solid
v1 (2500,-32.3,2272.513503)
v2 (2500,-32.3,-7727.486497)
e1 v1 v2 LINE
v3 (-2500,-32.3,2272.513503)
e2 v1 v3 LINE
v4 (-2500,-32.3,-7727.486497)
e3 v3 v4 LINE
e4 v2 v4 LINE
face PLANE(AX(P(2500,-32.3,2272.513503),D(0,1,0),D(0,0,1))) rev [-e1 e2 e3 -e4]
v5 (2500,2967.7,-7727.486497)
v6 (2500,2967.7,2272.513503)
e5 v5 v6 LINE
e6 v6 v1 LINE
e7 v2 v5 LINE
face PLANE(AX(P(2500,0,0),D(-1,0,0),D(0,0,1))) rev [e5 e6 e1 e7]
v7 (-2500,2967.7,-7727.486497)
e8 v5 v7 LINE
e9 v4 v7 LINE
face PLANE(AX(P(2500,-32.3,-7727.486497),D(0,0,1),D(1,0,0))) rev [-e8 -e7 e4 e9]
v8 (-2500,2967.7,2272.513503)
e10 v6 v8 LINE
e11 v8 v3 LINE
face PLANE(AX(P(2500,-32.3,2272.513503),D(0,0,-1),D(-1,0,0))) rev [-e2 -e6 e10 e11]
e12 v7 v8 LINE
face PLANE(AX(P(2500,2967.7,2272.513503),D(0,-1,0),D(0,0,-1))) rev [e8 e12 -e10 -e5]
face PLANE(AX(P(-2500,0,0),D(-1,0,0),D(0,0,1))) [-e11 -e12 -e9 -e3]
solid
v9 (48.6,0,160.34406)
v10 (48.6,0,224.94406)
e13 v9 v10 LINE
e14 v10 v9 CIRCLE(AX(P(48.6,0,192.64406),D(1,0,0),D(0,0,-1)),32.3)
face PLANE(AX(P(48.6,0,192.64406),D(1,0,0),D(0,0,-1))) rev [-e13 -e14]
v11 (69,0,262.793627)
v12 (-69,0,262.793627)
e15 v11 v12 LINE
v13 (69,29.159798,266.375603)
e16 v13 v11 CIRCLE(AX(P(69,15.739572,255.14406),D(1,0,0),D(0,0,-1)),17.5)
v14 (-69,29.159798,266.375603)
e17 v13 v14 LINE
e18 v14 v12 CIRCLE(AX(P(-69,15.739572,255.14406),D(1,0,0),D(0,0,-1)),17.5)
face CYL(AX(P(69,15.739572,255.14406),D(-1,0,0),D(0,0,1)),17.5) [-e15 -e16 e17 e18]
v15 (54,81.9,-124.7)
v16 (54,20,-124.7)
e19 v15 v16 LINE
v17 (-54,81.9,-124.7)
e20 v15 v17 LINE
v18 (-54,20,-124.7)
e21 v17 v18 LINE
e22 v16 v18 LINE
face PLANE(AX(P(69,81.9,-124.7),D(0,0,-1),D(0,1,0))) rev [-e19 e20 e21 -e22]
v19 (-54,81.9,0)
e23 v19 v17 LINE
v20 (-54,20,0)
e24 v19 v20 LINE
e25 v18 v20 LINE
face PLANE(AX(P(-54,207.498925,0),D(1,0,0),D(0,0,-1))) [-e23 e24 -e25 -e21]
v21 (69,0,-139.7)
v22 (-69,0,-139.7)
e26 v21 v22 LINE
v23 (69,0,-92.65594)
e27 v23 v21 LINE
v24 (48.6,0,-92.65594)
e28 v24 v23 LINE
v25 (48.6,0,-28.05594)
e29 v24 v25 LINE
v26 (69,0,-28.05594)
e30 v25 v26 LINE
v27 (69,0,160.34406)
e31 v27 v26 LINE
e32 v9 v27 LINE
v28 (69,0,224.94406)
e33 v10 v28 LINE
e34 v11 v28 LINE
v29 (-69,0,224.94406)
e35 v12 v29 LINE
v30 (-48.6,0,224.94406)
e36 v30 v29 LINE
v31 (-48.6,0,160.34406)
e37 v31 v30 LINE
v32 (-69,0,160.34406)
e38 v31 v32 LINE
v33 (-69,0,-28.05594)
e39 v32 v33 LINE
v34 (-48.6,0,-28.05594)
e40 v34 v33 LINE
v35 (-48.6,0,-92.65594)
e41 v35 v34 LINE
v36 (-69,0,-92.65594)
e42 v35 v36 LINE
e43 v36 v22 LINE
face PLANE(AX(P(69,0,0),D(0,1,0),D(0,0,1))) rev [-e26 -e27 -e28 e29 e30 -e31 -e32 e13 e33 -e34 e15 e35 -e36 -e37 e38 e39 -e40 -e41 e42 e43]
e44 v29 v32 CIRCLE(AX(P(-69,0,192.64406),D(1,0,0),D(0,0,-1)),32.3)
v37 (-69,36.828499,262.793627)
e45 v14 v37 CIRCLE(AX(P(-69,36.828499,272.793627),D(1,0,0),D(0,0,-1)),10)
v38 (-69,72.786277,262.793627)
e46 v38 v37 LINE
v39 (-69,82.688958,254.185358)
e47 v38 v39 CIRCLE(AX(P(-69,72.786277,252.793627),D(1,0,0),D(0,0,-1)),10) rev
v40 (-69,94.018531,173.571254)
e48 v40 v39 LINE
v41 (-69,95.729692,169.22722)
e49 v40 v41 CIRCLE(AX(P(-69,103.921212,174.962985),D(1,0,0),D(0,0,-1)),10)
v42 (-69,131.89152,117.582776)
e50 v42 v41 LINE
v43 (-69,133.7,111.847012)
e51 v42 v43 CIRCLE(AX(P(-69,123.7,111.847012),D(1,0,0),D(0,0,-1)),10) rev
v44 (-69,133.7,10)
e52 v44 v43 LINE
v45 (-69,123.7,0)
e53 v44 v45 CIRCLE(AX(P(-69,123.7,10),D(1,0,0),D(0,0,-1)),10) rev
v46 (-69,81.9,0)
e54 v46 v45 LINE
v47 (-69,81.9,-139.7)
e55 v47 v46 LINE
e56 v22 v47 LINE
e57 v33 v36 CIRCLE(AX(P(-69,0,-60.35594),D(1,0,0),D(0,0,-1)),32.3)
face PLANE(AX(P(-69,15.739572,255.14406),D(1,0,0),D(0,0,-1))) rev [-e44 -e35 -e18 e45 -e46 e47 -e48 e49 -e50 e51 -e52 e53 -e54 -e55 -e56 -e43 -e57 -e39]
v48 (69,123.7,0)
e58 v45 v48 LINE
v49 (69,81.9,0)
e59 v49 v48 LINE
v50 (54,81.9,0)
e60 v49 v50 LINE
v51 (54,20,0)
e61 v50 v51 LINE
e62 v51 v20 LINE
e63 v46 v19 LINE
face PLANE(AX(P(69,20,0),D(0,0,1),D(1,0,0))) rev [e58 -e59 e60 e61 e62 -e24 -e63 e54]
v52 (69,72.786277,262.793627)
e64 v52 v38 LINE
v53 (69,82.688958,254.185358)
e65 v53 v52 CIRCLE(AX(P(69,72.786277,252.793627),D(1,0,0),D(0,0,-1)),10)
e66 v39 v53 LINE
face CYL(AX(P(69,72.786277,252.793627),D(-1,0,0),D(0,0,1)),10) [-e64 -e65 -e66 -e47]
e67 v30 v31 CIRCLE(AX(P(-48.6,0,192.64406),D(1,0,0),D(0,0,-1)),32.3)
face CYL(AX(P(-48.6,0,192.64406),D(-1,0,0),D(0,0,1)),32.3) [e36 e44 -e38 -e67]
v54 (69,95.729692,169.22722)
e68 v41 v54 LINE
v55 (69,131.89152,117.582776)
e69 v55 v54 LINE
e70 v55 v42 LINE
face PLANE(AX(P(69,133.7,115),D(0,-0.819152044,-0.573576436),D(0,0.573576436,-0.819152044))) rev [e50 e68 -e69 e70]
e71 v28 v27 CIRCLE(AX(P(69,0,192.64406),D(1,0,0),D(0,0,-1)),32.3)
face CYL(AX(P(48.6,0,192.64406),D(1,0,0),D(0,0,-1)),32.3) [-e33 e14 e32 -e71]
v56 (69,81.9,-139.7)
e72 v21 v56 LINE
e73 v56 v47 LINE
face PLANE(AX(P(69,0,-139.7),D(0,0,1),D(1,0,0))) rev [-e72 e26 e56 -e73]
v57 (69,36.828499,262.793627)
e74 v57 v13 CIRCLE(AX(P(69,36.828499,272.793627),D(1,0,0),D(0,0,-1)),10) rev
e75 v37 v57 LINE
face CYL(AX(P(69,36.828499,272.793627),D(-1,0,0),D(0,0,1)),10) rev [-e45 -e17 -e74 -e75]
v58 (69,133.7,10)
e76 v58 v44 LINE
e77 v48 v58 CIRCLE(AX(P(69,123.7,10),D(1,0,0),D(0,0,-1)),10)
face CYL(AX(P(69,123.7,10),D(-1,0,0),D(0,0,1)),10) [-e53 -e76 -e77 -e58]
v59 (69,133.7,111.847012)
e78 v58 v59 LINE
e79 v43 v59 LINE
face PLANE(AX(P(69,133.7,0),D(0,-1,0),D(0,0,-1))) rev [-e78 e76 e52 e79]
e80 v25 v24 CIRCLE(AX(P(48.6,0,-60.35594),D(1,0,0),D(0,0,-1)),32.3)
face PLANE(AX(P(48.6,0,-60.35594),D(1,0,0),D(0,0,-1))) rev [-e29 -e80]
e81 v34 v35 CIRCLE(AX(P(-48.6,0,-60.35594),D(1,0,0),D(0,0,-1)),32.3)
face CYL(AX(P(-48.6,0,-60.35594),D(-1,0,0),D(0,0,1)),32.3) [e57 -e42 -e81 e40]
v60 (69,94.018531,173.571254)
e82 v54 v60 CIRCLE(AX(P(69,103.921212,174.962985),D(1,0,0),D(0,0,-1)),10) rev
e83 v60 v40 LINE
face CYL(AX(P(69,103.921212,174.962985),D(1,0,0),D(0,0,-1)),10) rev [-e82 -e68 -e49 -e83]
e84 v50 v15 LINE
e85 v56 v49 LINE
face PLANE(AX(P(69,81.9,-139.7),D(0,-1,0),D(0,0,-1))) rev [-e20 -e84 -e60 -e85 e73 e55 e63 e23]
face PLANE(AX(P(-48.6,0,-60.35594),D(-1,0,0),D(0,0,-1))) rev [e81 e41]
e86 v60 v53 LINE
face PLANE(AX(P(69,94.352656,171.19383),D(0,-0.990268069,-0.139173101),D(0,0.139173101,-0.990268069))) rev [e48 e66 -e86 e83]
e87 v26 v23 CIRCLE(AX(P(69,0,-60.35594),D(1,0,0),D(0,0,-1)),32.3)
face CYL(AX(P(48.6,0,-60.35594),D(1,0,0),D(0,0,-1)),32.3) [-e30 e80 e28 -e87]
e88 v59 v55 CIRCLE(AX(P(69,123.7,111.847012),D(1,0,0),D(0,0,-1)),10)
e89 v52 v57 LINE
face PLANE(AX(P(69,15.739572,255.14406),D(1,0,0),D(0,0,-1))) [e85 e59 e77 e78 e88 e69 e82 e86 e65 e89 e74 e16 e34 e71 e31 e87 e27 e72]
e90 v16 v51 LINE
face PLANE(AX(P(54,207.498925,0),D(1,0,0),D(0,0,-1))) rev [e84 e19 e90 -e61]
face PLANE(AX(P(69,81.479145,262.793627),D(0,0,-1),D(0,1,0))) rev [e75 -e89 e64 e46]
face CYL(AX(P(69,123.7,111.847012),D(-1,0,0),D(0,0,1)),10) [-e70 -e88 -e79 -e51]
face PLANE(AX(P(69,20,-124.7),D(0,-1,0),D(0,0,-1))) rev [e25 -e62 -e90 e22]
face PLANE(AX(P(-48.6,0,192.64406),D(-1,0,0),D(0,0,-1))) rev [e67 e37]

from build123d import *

# Parameters (mm, degrees)
BOSS_EXTRUDE1_DEPTH = 69
SKETCH4_W           = 15
SKETCH4_H           = 124.7
BOSS_EXTRUDE2_DEPTH = 61.9
BOSS_EXTRUDE3_DEPTH = 20.4
FILLET1_R           = 10
SKETCH6_W           = 10000
SKETCH6_H           = 3000
BOSS_EXTRUDE4_DEPTH = 2500


with BuildPart() as part:
    # Sketch2 → Boss-Extrude1 (new body, symmetric)
    with BuildSketch(Plane(origin=(0, 0, 0), x_dir=(0, 0, -1), z_dir=(1, 0, 0))):
        with BuildLine():
            Line((-262.793626597, 0), (0, 0))
            Line((0, 0), (139.7, 0))
            Line((139.7, 0), (139.7, 81.9))
            Line((139.7, 81.9), (124.7, 81.9))
            Line((124.7, 81.9), (124.7, 20))
            Line((124.7, 20), (0, 20))
            Line((0, 20), (0, 133.7))
            Line((0, 133.7), (-115, 133.7))
            Line((-115, 133.7), (-171.193830238, 94.352656466))
            Line((-171.193830238, 94.352656466), (-262.793626597, 81.479144628))
            Line((-262.793626597, 81.479144628), (-262.793626597, 31.479144628))
            ThreePointArc((-262.793626597, 31.479144628), (-272.644060375, 15.739572314), (-262.793626597, 0))
        make_face()
    extrude(amount=BOSS_EXTRUDE1_DEPTH, both=True)

    # Sketch4 → Boss-Extrude2 (add)
    with BuildSketch(Plane(origin=(0, 20, 0), x_dir=(1, 0, 0), z_dir=(0, 1, 0))):
        with Locations((61.5, 62.35)):
            Rectangle(SKETCH4_W, SKETCH4_H)
    boss_extrude2 = extrude(amount=BOSS_EXTRUDE2_DEPTH)

    # Mirror1: Boss-Extrude2 across plane
    add(boss_extrude2.mirror(Plane(origin=(0, 0, 0), x_dir=(0, 0, 1), z_dir=(1, 0, 0))))

    # Sketch5 → Boss-Extrude3 (add)
    with BuildSketch(Plane(origin=(69, 0, 0), x_dir=(0, 0, -1), z_dir=(1, 0, 0))):
        with BuildLine():
            Line((-224.944060375, 0), (-160.344060375, 0))
            ThreePointArc((-160.344060375, 0), (-192.644060375, -32.3), (-224.944060375, 0))
        make_face()
        with BuildLine():
            Line((28.055939625, 0), (92.655939625, 0))
            ThreePointArc((92.655939625, 0), (60.355939625, -32.3), (28.055939625, 0))
        make_face()
    boss_extrude3 = extrude(amount=-BOSS_EXTRUDE3_DEPTH)

    # Mirror2: Boss-Extrude3 across plane
    add(boss_extrude3.mirror(Plane(origin=(0, 0, 0), x_dir=(0, 0, 1), z_dir=(1, 0, 0))))

    # Fillet1
    fillet1_edges = [part.edges().sort_by_distance(p)[0] for p in [
        (0, 31.479144628, 262.793626597),
        (0, 81.479144628, 262.793626597),
        (0, 94.352656466, 171.193830238),
        (0, 133.7, 115),
        (0, 133.7, 0),
    ]]
    fillet(fillet1_edges, radius=FILLET1_R)


with BuildPart() as body_2:
    # Sketch6 → Boss-Extrude4 (new body, symmetric)
    with BuildSketch(Plane(origin=(0, 0, 0), x_dir=(0, 0, -1), z_dir=(1, 0, 0))):
        with Locations((2727.48649749, 1467.7)):
            Rectangle(SKETCH6_W, SKETCH6_H)
    extrude(amount=BOSS_EXTRUDE4_DEPTH, both=True)


solid = Compound([part.part, body_2.part])
